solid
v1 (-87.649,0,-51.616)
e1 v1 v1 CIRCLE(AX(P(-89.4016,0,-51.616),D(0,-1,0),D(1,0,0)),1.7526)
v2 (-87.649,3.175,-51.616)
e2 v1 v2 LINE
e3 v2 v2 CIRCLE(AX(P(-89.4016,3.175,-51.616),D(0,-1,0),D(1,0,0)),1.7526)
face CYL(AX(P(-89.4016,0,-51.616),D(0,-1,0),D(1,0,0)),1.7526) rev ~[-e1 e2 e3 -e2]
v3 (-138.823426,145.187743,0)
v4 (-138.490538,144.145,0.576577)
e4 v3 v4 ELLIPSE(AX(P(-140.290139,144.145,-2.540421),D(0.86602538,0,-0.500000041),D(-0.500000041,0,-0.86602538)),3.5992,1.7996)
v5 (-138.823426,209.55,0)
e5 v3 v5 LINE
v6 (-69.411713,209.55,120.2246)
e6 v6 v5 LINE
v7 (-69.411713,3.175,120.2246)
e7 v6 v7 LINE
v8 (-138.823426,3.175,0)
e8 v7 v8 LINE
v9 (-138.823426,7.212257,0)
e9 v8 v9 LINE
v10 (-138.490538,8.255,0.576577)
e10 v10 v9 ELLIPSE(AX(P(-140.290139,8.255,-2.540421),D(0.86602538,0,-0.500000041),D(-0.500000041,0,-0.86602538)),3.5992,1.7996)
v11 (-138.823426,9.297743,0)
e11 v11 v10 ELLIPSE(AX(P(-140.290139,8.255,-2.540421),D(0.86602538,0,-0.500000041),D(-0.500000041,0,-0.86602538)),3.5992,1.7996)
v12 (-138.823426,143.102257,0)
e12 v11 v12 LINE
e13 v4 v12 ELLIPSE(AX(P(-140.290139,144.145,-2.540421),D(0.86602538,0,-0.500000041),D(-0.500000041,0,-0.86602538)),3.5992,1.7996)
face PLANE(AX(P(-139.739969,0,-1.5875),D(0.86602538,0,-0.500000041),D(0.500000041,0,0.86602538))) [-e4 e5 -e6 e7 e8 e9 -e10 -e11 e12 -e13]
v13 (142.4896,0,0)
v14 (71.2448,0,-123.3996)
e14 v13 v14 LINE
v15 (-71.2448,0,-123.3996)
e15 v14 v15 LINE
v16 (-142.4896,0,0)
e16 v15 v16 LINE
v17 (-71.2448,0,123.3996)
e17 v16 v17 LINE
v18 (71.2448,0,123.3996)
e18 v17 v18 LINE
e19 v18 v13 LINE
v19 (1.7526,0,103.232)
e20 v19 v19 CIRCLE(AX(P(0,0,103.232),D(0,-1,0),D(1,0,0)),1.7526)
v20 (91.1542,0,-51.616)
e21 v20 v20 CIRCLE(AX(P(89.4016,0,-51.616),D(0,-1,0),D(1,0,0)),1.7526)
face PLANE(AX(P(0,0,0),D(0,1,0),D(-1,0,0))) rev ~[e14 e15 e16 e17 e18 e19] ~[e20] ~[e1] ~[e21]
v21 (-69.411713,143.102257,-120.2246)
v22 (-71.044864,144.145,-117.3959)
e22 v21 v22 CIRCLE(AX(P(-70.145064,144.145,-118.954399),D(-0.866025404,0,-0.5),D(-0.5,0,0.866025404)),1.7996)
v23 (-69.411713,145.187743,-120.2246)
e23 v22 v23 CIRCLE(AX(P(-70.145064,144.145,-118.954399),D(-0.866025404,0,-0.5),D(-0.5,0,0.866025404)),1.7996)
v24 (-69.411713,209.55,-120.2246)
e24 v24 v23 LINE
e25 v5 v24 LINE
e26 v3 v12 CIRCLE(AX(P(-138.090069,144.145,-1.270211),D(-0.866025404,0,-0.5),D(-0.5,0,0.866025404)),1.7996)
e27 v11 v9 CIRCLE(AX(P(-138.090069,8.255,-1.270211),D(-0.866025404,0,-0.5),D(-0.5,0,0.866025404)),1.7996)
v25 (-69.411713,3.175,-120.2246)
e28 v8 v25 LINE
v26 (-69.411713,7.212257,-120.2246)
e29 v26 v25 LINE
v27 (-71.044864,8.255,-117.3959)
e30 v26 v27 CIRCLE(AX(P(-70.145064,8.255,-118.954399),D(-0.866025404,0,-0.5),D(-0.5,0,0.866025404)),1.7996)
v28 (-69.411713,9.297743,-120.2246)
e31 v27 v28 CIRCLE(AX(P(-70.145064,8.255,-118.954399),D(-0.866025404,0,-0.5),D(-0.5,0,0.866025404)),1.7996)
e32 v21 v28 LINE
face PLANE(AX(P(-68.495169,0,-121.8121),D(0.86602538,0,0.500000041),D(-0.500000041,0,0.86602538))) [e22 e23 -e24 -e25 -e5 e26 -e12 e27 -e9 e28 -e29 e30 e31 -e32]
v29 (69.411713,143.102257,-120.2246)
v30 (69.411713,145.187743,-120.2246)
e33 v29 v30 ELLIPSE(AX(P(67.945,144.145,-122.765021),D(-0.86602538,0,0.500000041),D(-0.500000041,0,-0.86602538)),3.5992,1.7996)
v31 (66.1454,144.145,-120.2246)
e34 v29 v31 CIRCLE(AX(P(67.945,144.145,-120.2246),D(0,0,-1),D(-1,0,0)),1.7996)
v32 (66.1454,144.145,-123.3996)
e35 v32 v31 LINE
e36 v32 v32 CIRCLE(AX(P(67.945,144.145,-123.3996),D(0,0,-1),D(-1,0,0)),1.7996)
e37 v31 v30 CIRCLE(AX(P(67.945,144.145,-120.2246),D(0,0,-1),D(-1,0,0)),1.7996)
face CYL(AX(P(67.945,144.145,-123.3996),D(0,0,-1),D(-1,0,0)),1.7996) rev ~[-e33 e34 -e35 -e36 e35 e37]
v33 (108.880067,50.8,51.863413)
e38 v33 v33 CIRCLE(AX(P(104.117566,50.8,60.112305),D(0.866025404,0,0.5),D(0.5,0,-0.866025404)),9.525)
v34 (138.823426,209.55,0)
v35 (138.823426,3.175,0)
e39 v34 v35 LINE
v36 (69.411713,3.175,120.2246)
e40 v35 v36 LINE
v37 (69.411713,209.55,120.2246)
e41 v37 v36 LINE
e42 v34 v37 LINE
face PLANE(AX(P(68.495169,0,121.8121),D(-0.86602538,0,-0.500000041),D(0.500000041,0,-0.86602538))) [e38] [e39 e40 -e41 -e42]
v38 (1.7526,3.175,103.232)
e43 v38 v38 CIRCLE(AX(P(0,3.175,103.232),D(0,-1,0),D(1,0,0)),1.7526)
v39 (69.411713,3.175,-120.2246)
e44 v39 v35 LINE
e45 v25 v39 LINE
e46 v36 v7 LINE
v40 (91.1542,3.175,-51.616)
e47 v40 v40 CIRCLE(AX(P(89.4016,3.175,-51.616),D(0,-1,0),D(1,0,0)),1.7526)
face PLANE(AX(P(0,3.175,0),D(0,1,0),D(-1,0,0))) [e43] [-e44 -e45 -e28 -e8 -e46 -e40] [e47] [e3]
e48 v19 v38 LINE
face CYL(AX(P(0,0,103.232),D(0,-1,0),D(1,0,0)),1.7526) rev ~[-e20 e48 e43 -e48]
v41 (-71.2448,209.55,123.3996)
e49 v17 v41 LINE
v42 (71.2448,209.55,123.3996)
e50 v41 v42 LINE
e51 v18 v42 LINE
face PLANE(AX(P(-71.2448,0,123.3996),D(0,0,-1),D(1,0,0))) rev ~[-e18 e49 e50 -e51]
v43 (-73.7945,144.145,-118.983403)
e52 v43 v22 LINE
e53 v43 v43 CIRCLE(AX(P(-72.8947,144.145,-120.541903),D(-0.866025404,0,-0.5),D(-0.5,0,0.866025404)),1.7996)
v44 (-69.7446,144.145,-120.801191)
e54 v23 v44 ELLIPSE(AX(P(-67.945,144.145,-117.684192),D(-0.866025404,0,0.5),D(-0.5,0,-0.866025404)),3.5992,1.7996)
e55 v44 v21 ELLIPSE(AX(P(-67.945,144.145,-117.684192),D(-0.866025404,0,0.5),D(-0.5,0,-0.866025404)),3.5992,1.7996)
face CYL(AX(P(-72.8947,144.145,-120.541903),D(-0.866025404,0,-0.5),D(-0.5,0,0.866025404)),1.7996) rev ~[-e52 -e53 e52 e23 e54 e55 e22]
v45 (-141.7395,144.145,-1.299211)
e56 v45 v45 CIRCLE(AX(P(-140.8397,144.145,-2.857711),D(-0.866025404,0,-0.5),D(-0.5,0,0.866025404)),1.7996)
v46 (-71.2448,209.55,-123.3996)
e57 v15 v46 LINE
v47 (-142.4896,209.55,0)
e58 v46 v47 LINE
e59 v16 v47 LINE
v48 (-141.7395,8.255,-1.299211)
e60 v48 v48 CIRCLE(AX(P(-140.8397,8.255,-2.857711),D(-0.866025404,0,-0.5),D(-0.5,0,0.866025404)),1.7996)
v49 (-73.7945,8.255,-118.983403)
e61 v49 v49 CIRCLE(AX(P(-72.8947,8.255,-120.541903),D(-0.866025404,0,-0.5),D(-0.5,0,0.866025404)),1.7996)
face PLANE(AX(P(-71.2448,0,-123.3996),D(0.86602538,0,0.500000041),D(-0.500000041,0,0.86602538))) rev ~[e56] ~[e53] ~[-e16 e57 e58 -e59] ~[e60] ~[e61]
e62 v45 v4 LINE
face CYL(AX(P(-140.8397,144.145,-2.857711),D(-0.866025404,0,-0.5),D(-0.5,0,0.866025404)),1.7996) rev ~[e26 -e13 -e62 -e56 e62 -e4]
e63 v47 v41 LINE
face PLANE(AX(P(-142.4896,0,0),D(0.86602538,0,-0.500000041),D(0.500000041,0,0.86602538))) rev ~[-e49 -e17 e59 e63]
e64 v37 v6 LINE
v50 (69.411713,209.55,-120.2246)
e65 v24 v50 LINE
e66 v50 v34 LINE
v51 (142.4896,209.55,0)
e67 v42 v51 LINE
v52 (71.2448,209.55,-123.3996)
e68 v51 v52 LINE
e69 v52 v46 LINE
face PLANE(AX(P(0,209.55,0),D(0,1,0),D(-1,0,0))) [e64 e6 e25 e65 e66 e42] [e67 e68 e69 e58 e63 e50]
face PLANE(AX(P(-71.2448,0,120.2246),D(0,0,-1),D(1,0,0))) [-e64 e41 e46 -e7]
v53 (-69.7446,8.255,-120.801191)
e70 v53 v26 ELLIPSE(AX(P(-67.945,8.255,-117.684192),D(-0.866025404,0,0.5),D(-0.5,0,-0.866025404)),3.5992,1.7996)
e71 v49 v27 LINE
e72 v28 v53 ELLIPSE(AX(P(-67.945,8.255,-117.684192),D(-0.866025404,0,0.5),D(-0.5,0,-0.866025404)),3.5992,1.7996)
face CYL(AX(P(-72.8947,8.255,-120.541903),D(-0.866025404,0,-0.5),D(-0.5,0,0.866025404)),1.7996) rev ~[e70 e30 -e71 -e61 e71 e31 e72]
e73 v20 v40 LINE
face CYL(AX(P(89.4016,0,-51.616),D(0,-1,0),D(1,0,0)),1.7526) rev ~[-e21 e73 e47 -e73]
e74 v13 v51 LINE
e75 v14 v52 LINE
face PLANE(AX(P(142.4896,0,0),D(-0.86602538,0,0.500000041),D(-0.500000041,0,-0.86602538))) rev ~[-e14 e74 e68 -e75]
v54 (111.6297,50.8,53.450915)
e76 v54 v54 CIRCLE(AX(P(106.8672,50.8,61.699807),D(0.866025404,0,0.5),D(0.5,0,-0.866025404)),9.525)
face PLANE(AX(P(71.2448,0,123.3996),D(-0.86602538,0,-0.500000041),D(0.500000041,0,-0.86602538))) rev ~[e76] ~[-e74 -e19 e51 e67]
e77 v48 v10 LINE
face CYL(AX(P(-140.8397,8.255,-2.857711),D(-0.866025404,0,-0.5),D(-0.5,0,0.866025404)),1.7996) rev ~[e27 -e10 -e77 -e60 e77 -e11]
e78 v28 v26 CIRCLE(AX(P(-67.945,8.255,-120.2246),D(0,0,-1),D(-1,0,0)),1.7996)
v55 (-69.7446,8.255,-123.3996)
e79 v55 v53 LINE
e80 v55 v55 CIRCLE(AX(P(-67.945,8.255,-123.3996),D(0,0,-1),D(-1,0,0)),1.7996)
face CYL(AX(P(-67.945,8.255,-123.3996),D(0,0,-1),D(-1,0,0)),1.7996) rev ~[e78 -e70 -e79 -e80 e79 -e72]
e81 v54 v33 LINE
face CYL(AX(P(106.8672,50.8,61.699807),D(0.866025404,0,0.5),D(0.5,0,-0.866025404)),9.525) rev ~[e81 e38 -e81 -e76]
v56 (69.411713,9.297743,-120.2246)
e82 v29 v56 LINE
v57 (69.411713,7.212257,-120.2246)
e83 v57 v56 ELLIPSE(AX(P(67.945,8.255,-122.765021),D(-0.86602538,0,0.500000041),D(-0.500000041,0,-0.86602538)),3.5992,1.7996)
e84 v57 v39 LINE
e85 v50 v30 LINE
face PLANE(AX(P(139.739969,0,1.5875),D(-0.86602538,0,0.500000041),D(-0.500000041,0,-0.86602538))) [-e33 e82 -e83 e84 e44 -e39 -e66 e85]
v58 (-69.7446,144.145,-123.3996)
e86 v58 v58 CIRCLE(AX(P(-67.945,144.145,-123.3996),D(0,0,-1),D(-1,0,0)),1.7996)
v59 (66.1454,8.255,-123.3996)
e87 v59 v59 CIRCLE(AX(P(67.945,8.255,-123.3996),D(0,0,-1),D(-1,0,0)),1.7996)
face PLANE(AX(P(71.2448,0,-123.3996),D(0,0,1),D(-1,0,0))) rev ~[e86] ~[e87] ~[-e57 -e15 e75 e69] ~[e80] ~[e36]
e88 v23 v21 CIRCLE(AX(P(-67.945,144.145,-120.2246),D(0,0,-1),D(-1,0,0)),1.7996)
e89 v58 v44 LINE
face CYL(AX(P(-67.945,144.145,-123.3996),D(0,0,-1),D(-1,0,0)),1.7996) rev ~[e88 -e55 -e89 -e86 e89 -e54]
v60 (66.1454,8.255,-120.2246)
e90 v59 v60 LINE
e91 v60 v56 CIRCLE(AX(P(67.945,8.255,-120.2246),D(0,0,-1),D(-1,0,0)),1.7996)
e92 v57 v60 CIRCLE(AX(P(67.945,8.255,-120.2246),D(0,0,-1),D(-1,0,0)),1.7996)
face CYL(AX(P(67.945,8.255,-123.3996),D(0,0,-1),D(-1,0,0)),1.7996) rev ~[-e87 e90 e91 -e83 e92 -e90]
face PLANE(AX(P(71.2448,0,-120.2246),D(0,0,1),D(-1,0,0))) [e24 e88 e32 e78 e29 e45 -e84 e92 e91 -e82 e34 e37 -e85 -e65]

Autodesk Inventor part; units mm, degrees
ref_plane "YZ Plane" through (0, 0, 0) normal (1, 0, 0) x (0, 1, 0)
ref_plane "XZ Plane" through (0, 0, 0) normal (0, 1, 0) x (-1, 0, 0)
ref_plane "XY Plane" through (0, 0, 0) normal (0, 0, 1) x (1, 0, 0)
sketch "Sketch1" plane through (0, 0, 0) normal (0, 1, 0) x (-1, 0, 0)
  circle A0 centre (0, 0) radius 95.25 construction
  circle A1 centre (0, 0) radius 120.65 construction
  line L0 (-69.6573, -120.65) -> (-139.3146, 0)
  line L1 (-139.3146, 0) -> (-69.6573, 120.65)
  line L2 (-69.6573, 120.65) -> (69.6573, 120.65)
  line L3 (69.6573, 120.65) -> (139.3146, 0)
  line L4 (139.3146, 0) -> (69.6573, -120.65)
  line L5 (69.6573, -120.65) -> (-69.6573, -120.65)
  line L6 (142.4896, 0) -> (71.2448, 123.3996)
  line L7 (71.2448, 123.3996) -> (-71.2448, 123.3996)
  line L8 (-71.2448, 123.3996) -> (-142.4896, 0)
  line L9 (-142.4896, 0) -> (-71.2448, -123.3996)
  line L10 (-71.2448, -123.3996) -> (71.2448, -123.3996)
  line L11 (71.2448, -123.3996) -> (142.4896, 0)
  dimension "d0" = 190.5
  dimension "d1" = 25.4
  dimension "d2" = 3.175
extrude "Extrusion1" add sketch "Sketch1" along normal blind 209.55 contours L0 L1 L2 L3 L4 L5 | L11 L10 L9 L8 L7 L6
shell "Shell1" thickness 3.175 removed faces 1 at (47.4965, 209.55, 0)
sketch "Sketch2" plane through (142.4896, 0, 0) normal (0.866, 0, 0.5) x (0.5, 0, -0.866)
  circle A0 centre (-71.2448, 50.8) radius 9.525
  line L0 (-142.4896, 0) -> (0, 0) projected
  point P0 (-71.2448, 0)
  point P1 (-71.2448, 0)
  dimension "d15" = 19.05
  dimension "d16" = 50.8
extrude "Extrusion2" cut sketch "Sketch2" against normal up to next
sketch "Sketch3" plane through (0, 0, 0) normal (0, -1, 0) x (1, 0, 0)
  line L0 (-71.2448, 123.3996) -> (71.2448, 123.3996) projected
  circle A0 centre (0, 103.232) radius 1.7526
  line L1 (142.4896, 0) -> (71.2448, -123.3996) projected
  line L2 (106.8672, -61.6998) -> (130.6924, -61.6998) construction
  line L3 (-71.2448, -123.3996) -> (-142.4896, 0) projected
  line L4 (-106.8672, -61.6998) -> (-83.042, -61.6998) construction
  circle A1 centre (-89.4016, -51.616) radius 1.7526
  circle A2 centre (89.4016, -51.616) radius 1.7526
  point P0 (0, 0)
  dimension "d20" = 3.5052
  dimension "d21" = 20.1676
  dimension "d26" = 3.5052
  dimension "d27" = 3.5052
  dimension "d28" = 20.1676
  dimension "d29" = 20.1676
extrude "Extrusion3" cut sketch "Sketch3" against normal blind 12.7
thread "Thread1" size "6-32 UNC" class "2B" standard "ANSI Unified Screw Threads" full length
thread "Thread2" size "6-32 UNC" class "2B" standard "ANSI Unified Screw Threads" full length
thread "Thread3" size "6-32 UNC" class "2B" standard "ANSI Unified Screw Threads" full length
sketch "Sketch4" plane through (71.2448, 0, -123.3996) normal (0, 0, -1) x (-1, 0, 0)
  line L0 (3.2998, 144.145) -> (139.1898, 144.145) construction
  line L1 (139.1898, 144.145) -> (139.1898, 8.255) construction
  line L2 (139.1898, 8.255) -> (3.2998, 8.255) construction
  line L3 (3.2998, 8.255) -> (3.2998, 144.145) construction
  line L4 (3.2998, 144.145) -> (139.1898, 8.255) construction
  line L5 (139.1898, 144.145) -> (3.2998, 8.255) construction
  line L6 (0, 0) -> (142.4896, 0) projected
  circle A0 centre (139.1898, 144.145) radius 1.7996
  circle A1 centre (3.2998, 144.145) radius 1.7996
  circle A2 centre (3.2998, 8.255) radius 1.7996
  circle A3 centre (139.1898, 8.255) radius 1.7996
  point P0 (71.2448, 0)
  point P1 (71.2448, 76.2)
  point P2 (71.2448, 76.2)
  point P3 (71.2448, 0)
  dimension "d38" = 135.89
  dimension "d39" = 76.2
  dimension "d40" = 3.5992
sketch "Sketch5" plane through (-142.4896, 0, 0) normal (-0.866, 0, -0.5) x (-0.5, 0, 0.866)
  line L0 (-139.1898, 144.145) -> (-3.2998, 144.145) construction
  line L1 (-3.2998, 144.145) -> (-3.2998, 8.255) construction
  line L2 (-3.2998, 8.255) -> (-139.1898, 8.255) construction
  line L3 (-139.1898, 8.255) -> (-139.1898, 144.145) construction
  line L4 (-139.1898, 144.145) -> (-3.2998, 8.255) construction
  line L5 (-3.2998, 144.145) -> (-139.1898, 8.255) construction
  line L6 (0, 0) -> (-142.4896, 0)
  circle A0 centre (-3.2998, 144.145) radius 1.7996
  circle A1 centre (-139.1898, 144.145) radius 1.7996
  circle A2 centre (-139.1898, 8.255) radius 1.7996
  circle A3 centre (-3.2998, 8.255) radius 1.7996
  line L7 (-142.4896, 0) -> (0, 0) projected
  point P0 (-71.2448, 0)
  point P1 (-71.2448, 0)
  point P2 (-71.2448, 76.2)
  point P3 (-71.2448, 76.2)
  point P4 (-71.2448, 0)
  point P5 (-71.2448, 0)
  point P6 (-71.2448, 76.2)
  point P7 (-71.2448, 0)
  dimension "d41" = 135.89
  dimension "d42" = 76.2
  dimension "d43" = 3.5992
extrude "Extrusion4" cut sketch "Sketch4" against normal up to next
extrude "Extrusion5" cut sketch "Sketch5" against normal up to next
equation "\"d5\" = d2"
properties part number "HS-01" material "Aluminum 6061 Painted"
